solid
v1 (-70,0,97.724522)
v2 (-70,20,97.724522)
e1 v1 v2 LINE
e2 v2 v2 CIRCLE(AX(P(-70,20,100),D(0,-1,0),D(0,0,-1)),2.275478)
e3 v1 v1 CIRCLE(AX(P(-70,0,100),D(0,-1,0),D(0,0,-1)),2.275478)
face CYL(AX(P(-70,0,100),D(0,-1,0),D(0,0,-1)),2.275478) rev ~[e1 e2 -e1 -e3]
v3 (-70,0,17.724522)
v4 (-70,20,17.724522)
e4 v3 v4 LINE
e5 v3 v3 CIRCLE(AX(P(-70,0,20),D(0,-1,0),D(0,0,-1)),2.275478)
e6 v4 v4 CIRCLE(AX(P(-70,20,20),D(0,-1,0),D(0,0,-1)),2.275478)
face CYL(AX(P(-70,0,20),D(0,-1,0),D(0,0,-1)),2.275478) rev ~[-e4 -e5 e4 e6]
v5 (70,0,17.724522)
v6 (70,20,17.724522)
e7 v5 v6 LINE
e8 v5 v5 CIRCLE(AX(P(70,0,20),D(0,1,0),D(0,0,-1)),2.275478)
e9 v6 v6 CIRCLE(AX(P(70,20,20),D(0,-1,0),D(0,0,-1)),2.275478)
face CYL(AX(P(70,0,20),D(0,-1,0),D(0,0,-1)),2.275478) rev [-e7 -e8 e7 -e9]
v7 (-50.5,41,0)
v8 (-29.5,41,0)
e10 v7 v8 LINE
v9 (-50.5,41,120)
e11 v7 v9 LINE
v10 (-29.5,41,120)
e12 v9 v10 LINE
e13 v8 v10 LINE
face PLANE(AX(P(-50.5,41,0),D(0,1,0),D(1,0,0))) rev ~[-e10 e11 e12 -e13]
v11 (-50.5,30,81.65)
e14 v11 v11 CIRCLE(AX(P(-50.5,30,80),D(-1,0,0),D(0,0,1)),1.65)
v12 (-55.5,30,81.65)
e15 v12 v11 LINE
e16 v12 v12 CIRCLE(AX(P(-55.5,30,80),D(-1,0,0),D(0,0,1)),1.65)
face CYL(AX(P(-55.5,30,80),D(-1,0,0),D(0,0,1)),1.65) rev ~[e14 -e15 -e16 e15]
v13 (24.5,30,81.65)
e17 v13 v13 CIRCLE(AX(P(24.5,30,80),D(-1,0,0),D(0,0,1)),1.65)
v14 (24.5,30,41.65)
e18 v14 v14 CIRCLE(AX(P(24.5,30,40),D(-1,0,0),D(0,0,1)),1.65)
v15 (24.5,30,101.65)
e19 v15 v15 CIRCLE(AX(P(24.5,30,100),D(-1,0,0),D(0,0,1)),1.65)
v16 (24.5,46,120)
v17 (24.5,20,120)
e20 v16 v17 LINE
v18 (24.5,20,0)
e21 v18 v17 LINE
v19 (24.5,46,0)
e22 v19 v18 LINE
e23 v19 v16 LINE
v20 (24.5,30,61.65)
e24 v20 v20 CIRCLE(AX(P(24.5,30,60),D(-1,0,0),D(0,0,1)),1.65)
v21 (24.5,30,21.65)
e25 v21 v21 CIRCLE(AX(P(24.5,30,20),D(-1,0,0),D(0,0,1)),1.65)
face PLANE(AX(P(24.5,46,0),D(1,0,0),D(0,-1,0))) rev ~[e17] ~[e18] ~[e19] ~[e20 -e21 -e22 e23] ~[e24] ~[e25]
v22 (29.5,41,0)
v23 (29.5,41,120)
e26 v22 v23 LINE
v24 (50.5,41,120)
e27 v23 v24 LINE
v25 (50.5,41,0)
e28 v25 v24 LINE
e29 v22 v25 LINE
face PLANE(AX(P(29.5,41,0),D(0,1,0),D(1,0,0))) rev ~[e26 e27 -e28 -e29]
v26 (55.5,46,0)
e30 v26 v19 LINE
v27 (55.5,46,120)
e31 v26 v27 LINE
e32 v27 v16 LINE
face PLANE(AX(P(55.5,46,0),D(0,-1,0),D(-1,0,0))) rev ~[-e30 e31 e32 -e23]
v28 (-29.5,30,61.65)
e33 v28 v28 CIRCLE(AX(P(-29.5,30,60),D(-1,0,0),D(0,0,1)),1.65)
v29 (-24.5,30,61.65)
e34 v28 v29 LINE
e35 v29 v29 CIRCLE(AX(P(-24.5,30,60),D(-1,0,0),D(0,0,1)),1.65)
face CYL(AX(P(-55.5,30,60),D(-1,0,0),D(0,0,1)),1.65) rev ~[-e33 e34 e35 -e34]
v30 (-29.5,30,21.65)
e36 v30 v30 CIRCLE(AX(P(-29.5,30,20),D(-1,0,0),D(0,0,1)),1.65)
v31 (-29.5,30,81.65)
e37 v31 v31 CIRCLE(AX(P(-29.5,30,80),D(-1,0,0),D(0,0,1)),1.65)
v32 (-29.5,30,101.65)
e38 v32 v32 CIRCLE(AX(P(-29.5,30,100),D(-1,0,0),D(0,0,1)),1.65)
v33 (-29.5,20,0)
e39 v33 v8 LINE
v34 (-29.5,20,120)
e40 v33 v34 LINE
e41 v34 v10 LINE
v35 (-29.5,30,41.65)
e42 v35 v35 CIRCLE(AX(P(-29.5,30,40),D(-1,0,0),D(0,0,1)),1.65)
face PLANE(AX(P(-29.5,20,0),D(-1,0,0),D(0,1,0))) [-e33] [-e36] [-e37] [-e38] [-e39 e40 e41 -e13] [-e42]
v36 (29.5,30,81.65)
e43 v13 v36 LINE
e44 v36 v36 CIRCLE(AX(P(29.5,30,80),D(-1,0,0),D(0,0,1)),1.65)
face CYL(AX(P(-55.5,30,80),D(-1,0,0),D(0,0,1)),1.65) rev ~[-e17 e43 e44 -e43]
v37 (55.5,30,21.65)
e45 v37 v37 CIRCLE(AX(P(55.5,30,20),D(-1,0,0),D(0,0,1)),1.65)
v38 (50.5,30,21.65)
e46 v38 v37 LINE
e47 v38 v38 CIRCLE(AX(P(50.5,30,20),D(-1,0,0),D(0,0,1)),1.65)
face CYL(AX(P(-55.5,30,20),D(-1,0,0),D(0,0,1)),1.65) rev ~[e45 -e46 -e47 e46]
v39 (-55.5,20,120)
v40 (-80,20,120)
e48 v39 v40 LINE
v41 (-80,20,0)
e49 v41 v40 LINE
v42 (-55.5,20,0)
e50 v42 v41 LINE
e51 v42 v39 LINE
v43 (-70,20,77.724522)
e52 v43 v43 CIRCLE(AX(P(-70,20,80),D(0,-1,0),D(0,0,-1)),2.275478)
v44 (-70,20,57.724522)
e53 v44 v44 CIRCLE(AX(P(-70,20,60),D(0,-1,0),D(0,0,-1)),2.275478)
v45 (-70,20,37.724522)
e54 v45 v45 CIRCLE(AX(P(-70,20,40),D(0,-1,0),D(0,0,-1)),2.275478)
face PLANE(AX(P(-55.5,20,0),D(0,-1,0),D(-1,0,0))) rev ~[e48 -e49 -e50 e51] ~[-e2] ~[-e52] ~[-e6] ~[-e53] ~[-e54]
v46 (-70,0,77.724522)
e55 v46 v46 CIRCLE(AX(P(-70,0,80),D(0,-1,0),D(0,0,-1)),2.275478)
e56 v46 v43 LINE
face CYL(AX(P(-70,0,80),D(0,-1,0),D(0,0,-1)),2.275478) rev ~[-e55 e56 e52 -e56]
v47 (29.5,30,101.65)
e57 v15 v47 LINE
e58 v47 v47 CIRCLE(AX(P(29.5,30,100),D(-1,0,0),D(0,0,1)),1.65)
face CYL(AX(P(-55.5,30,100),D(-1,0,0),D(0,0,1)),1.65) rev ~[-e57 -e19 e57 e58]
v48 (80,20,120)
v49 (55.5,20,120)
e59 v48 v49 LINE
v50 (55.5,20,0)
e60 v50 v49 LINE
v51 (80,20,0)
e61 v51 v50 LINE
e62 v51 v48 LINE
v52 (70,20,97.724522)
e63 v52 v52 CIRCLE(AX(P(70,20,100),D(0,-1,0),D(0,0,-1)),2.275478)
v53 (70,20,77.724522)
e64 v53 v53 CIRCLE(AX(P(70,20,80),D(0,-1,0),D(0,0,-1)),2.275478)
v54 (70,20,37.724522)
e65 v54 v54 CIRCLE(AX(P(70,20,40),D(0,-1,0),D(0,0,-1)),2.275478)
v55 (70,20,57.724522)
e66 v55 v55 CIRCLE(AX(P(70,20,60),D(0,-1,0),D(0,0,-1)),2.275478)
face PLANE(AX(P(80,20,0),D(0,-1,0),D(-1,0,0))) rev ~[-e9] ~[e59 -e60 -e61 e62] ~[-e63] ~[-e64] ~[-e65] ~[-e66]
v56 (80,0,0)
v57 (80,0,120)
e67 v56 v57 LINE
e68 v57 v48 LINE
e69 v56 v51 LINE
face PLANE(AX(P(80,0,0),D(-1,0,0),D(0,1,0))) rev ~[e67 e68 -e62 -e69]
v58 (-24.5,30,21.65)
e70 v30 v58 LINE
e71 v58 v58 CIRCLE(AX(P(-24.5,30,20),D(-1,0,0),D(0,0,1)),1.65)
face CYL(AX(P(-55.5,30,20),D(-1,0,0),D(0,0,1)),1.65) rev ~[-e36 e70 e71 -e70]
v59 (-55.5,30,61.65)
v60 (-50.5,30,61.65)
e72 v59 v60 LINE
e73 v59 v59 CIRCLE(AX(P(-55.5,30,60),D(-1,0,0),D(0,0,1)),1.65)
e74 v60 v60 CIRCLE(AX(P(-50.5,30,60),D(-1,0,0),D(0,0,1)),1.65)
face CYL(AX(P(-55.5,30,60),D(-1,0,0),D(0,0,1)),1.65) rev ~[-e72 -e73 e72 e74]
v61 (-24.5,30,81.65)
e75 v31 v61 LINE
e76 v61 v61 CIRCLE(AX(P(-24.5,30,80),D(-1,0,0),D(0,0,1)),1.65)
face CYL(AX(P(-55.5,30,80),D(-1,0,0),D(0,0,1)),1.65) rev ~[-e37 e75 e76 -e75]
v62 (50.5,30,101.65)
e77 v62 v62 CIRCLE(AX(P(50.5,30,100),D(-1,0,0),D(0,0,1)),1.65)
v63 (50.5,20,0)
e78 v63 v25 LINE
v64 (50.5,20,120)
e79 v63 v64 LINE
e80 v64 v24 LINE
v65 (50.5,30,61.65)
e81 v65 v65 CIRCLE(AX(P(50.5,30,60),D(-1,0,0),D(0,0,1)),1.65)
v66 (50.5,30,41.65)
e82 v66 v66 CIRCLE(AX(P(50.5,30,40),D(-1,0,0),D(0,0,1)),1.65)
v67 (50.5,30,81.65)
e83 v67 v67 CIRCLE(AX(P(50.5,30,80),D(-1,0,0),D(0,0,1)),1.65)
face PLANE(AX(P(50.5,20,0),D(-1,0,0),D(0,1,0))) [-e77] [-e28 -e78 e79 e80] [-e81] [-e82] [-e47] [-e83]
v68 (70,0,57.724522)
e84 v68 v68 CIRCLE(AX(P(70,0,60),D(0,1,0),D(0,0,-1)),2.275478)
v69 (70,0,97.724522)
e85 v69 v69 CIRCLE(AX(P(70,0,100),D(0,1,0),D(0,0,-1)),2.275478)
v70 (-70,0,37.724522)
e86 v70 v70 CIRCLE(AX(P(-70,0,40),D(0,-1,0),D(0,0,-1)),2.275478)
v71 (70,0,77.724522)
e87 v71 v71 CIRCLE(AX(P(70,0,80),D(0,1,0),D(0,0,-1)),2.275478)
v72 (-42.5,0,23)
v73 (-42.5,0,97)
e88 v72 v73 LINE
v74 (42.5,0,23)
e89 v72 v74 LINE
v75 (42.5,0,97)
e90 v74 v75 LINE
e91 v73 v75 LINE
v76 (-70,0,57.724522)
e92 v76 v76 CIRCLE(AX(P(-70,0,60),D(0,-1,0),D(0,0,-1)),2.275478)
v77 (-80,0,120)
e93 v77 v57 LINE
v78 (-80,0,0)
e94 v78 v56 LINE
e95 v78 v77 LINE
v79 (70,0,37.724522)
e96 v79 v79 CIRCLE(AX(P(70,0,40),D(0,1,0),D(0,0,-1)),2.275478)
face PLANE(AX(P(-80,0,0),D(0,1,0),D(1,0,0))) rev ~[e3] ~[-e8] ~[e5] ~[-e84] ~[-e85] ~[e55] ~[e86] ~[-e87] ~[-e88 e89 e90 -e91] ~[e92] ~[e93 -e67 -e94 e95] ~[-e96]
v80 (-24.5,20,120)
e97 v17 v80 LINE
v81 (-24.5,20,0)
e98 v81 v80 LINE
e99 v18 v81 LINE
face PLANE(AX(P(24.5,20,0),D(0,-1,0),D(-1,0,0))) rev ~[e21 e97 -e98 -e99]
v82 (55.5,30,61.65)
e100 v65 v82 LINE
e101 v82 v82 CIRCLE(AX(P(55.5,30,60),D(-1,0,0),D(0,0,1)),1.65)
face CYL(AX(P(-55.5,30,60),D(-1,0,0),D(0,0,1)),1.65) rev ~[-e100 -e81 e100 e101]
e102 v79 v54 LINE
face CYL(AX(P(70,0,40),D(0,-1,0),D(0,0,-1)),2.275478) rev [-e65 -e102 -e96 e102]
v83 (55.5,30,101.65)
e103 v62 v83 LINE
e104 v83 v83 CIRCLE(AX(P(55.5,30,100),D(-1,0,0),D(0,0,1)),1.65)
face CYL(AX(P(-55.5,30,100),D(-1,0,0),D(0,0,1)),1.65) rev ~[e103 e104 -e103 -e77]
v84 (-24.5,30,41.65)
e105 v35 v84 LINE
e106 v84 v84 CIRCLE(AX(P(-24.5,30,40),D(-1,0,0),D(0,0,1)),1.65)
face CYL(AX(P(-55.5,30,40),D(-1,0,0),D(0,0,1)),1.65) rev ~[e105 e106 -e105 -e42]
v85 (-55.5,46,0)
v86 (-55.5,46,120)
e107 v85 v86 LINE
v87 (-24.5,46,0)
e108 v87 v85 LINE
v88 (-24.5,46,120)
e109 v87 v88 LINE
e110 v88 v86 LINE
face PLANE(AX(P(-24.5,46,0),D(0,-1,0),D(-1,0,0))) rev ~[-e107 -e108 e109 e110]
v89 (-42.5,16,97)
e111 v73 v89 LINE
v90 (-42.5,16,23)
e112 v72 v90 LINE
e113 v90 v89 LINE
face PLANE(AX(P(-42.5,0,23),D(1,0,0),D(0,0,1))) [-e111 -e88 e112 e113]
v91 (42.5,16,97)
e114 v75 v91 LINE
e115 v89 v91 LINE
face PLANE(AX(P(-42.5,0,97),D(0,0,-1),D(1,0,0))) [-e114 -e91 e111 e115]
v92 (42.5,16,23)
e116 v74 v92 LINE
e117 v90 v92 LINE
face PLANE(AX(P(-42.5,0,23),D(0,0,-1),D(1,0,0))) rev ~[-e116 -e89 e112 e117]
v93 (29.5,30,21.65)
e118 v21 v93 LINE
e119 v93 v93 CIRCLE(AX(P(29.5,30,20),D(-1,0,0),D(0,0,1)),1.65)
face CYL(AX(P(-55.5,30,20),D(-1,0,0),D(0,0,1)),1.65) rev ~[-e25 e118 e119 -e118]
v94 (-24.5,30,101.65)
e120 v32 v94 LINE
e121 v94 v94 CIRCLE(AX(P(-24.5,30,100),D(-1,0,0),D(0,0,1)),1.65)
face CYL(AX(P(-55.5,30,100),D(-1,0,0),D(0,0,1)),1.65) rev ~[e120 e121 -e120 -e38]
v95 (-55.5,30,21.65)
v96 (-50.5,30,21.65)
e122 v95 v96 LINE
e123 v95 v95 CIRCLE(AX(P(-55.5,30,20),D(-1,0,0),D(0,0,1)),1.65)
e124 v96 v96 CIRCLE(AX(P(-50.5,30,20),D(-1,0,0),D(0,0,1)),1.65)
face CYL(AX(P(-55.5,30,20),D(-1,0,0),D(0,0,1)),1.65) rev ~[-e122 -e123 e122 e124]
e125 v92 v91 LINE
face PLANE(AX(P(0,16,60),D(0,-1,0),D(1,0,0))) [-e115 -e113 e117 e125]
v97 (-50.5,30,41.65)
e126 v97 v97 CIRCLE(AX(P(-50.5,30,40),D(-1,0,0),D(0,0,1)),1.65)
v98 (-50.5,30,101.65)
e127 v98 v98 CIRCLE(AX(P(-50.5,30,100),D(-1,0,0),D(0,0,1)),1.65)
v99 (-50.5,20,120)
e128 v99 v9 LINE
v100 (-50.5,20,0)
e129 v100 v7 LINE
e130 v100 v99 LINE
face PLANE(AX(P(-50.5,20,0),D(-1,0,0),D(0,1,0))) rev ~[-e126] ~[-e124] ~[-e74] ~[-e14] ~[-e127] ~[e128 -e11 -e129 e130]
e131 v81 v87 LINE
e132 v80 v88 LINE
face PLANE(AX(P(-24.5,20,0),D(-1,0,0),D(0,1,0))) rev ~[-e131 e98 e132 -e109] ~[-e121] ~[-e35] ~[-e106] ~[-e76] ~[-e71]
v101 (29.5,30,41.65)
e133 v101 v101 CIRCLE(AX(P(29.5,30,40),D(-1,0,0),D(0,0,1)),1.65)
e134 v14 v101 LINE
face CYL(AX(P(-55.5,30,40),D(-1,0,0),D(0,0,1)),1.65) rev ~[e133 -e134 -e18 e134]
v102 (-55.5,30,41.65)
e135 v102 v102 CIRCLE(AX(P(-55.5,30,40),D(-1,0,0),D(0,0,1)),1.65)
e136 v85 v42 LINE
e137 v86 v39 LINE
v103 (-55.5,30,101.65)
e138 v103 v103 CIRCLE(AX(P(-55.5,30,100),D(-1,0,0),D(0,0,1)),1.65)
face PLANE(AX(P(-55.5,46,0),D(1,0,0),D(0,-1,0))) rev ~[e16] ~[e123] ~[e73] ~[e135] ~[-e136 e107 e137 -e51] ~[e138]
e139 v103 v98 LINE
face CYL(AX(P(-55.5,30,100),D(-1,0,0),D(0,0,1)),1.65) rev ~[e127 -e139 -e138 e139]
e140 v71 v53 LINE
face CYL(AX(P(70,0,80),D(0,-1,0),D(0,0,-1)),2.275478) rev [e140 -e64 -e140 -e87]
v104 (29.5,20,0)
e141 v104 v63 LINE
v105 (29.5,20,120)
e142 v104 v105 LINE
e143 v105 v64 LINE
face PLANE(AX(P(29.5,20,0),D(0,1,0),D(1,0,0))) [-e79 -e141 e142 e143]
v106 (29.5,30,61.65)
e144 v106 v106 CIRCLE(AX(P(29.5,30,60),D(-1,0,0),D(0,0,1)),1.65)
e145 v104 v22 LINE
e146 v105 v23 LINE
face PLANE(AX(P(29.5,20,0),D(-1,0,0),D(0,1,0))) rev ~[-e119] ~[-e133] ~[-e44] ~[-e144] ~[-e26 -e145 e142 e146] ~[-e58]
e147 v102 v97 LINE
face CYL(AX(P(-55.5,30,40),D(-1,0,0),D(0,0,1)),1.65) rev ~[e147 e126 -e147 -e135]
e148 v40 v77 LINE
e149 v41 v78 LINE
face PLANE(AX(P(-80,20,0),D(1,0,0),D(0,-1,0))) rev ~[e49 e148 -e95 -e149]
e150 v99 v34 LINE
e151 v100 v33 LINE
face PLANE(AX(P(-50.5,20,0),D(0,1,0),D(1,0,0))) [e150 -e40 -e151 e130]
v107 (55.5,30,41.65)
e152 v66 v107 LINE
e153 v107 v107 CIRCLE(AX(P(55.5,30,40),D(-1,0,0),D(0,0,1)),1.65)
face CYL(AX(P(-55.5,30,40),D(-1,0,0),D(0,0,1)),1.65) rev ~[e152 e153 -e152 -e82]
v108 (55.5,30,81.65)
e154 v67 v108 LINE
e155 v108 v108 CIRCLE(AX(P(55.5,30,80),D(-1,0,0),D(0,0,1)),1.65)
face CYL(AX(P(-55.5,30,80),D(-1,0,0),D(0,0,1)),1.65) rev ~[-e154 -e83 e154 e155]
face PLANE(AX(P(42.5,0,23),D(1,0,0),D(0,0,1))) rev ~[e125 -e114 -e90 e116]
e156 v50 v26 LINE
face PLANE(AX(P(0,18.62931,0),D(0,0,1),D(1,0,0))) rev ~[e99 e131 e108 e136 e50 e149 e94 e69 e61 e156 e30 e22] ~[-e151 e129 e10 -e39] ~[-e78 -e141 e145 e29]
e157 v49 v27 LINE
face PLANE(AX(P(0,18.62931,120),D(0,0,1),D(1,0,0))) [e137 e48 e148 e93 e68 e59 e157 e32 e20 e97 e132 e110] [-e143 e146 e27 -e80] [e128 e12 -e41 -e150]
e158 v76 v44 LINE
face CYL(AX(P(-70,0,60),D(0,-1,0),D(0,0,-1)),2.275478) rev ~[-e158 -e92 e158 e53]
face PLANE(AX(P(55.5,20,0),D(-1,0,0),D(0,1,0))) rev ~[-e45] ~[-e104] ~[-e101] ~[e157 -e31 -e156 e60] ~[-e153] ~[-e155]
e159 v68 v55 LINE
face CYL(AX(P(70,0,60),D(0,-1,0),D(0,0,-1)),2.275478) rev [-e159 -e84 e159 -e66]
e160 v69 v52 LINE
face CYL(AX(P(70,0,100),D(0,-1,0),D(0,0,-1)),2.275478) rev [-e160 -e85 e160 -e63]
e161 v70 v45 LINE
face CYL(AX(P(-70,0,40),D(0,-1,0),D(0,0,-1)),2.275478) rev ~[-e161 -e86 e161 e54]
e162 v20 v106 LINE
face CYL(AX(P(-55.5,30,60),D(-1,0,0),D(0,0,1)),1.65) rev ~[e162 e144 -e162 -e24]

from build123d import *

# Parameters (mm, degrees)
SKETCH_1_W          = 21
SKETCH_1_H          = 21
EXTRUDE_1_DEPTH     = 120
SKETCH_2_W          = 85
SKETCH_2_H          = 74
CUT_EXTRUDE_1_DEPTH = 16
SKETCH_3_R          = 1.65
CUT_EXTRUDE_2_DEPTH = 187.751840687
SKETCH_5_R          = 2.275478237
CUT_EXTRUDE_3_DEPTH = 152.380315761


with BuildPart() as part:
    # 草图1 → 凸台-拉伸1 (new body)
    with BuildSketch(Plane.XY):
        Polygon((-80, 0), (80, 0), (80, 20), (55.5, 20), (55.5, 46), (24.5, 46), (24.5, 20), (-24.5, 20), (-24.5, 46), (-55.5, 46), (-55.5, 20), (-80, 20), align=None)
        with Locations((40, 30.5)):
            Rectangle(SKETCH_1_W, SKETCH_1_H, mode=Mode.SUBTRACT)
        with Locations((-40, 30.5)):
            Rectangle(SKETCH_1_W, SKETCH_1_H, mode=Mode.SUBTRACT)
    extrude(amount=EXTRUDE_1_DEPTH)

    # 草图2 → 切除-拉伸1 (cut)
    with BuildSketch(Plane.XZ):
        with Locations((0, 60)):
            Rectangle(SKETCH_2_W, SKETCH_2_H)
    extrude(amount=-CUT_EXTRUDE_1_DEPTH, mode=Mode.SUBTRACT)

    # 草图3 → 切除-拉伸2 (cut, through all)
    with BuildSketch(Plane.ZY.offset(55.5)):
        with Locations((20, 30)):
            Circle(SKETCH_3_R)
        with Locations((40, 30)):
            Circle(SKETCH_3_R)
        with Locations((60, 30)):
            Circle(SKETCH_3_R)
        with Locations((80, 30)):
            Circle(SKETCH_3_R)
        with Locations((100, 30)):
            Circle(SKETCH_3_R)
    extrude(amount=-CUT_EXTRUDE_2_DEPTH, mode=Mode.SUBTRACT)

    # 草图5 → 切除-拉伸3 (cut, through all)
    with BuildSketch(Plane.XZ):
        with Locations(Location((-70, 100, 0), (0, 0, 270))):
            Circle(SKETCH_5_R)
        with Locations(Location((-70, 80, 0), (0, 0, 270))):
            Circle(SKETCH_5_R)
        with Locations(Location((-70, 60, 0), (0, 0, 270))):
            Circle(SKETCH_5_R)
        with Locations(Location((-70, 40, 0), (0, 0, 270))):
            Circle(SKETCH_5_R)
        with Locations(Location((-70, 20, 0), (0, 0, 270))):
            Circle(SKETCH_5_R)
    cut_extrude_3 = extrude(amount=-CUT_EXTRUDE_3_DEPTH, mode=Mode.SUBTRACT)

    # 镜向1: 切除-拉伸3 across plane
    add(cut_extrude_3.mirror(Plane(origin=(0, 0, 0), x_dir=(0, 0, 1), z_dir=(1, 0, 0))), mode=Mode.SUBTRACT)


solid = part.part
